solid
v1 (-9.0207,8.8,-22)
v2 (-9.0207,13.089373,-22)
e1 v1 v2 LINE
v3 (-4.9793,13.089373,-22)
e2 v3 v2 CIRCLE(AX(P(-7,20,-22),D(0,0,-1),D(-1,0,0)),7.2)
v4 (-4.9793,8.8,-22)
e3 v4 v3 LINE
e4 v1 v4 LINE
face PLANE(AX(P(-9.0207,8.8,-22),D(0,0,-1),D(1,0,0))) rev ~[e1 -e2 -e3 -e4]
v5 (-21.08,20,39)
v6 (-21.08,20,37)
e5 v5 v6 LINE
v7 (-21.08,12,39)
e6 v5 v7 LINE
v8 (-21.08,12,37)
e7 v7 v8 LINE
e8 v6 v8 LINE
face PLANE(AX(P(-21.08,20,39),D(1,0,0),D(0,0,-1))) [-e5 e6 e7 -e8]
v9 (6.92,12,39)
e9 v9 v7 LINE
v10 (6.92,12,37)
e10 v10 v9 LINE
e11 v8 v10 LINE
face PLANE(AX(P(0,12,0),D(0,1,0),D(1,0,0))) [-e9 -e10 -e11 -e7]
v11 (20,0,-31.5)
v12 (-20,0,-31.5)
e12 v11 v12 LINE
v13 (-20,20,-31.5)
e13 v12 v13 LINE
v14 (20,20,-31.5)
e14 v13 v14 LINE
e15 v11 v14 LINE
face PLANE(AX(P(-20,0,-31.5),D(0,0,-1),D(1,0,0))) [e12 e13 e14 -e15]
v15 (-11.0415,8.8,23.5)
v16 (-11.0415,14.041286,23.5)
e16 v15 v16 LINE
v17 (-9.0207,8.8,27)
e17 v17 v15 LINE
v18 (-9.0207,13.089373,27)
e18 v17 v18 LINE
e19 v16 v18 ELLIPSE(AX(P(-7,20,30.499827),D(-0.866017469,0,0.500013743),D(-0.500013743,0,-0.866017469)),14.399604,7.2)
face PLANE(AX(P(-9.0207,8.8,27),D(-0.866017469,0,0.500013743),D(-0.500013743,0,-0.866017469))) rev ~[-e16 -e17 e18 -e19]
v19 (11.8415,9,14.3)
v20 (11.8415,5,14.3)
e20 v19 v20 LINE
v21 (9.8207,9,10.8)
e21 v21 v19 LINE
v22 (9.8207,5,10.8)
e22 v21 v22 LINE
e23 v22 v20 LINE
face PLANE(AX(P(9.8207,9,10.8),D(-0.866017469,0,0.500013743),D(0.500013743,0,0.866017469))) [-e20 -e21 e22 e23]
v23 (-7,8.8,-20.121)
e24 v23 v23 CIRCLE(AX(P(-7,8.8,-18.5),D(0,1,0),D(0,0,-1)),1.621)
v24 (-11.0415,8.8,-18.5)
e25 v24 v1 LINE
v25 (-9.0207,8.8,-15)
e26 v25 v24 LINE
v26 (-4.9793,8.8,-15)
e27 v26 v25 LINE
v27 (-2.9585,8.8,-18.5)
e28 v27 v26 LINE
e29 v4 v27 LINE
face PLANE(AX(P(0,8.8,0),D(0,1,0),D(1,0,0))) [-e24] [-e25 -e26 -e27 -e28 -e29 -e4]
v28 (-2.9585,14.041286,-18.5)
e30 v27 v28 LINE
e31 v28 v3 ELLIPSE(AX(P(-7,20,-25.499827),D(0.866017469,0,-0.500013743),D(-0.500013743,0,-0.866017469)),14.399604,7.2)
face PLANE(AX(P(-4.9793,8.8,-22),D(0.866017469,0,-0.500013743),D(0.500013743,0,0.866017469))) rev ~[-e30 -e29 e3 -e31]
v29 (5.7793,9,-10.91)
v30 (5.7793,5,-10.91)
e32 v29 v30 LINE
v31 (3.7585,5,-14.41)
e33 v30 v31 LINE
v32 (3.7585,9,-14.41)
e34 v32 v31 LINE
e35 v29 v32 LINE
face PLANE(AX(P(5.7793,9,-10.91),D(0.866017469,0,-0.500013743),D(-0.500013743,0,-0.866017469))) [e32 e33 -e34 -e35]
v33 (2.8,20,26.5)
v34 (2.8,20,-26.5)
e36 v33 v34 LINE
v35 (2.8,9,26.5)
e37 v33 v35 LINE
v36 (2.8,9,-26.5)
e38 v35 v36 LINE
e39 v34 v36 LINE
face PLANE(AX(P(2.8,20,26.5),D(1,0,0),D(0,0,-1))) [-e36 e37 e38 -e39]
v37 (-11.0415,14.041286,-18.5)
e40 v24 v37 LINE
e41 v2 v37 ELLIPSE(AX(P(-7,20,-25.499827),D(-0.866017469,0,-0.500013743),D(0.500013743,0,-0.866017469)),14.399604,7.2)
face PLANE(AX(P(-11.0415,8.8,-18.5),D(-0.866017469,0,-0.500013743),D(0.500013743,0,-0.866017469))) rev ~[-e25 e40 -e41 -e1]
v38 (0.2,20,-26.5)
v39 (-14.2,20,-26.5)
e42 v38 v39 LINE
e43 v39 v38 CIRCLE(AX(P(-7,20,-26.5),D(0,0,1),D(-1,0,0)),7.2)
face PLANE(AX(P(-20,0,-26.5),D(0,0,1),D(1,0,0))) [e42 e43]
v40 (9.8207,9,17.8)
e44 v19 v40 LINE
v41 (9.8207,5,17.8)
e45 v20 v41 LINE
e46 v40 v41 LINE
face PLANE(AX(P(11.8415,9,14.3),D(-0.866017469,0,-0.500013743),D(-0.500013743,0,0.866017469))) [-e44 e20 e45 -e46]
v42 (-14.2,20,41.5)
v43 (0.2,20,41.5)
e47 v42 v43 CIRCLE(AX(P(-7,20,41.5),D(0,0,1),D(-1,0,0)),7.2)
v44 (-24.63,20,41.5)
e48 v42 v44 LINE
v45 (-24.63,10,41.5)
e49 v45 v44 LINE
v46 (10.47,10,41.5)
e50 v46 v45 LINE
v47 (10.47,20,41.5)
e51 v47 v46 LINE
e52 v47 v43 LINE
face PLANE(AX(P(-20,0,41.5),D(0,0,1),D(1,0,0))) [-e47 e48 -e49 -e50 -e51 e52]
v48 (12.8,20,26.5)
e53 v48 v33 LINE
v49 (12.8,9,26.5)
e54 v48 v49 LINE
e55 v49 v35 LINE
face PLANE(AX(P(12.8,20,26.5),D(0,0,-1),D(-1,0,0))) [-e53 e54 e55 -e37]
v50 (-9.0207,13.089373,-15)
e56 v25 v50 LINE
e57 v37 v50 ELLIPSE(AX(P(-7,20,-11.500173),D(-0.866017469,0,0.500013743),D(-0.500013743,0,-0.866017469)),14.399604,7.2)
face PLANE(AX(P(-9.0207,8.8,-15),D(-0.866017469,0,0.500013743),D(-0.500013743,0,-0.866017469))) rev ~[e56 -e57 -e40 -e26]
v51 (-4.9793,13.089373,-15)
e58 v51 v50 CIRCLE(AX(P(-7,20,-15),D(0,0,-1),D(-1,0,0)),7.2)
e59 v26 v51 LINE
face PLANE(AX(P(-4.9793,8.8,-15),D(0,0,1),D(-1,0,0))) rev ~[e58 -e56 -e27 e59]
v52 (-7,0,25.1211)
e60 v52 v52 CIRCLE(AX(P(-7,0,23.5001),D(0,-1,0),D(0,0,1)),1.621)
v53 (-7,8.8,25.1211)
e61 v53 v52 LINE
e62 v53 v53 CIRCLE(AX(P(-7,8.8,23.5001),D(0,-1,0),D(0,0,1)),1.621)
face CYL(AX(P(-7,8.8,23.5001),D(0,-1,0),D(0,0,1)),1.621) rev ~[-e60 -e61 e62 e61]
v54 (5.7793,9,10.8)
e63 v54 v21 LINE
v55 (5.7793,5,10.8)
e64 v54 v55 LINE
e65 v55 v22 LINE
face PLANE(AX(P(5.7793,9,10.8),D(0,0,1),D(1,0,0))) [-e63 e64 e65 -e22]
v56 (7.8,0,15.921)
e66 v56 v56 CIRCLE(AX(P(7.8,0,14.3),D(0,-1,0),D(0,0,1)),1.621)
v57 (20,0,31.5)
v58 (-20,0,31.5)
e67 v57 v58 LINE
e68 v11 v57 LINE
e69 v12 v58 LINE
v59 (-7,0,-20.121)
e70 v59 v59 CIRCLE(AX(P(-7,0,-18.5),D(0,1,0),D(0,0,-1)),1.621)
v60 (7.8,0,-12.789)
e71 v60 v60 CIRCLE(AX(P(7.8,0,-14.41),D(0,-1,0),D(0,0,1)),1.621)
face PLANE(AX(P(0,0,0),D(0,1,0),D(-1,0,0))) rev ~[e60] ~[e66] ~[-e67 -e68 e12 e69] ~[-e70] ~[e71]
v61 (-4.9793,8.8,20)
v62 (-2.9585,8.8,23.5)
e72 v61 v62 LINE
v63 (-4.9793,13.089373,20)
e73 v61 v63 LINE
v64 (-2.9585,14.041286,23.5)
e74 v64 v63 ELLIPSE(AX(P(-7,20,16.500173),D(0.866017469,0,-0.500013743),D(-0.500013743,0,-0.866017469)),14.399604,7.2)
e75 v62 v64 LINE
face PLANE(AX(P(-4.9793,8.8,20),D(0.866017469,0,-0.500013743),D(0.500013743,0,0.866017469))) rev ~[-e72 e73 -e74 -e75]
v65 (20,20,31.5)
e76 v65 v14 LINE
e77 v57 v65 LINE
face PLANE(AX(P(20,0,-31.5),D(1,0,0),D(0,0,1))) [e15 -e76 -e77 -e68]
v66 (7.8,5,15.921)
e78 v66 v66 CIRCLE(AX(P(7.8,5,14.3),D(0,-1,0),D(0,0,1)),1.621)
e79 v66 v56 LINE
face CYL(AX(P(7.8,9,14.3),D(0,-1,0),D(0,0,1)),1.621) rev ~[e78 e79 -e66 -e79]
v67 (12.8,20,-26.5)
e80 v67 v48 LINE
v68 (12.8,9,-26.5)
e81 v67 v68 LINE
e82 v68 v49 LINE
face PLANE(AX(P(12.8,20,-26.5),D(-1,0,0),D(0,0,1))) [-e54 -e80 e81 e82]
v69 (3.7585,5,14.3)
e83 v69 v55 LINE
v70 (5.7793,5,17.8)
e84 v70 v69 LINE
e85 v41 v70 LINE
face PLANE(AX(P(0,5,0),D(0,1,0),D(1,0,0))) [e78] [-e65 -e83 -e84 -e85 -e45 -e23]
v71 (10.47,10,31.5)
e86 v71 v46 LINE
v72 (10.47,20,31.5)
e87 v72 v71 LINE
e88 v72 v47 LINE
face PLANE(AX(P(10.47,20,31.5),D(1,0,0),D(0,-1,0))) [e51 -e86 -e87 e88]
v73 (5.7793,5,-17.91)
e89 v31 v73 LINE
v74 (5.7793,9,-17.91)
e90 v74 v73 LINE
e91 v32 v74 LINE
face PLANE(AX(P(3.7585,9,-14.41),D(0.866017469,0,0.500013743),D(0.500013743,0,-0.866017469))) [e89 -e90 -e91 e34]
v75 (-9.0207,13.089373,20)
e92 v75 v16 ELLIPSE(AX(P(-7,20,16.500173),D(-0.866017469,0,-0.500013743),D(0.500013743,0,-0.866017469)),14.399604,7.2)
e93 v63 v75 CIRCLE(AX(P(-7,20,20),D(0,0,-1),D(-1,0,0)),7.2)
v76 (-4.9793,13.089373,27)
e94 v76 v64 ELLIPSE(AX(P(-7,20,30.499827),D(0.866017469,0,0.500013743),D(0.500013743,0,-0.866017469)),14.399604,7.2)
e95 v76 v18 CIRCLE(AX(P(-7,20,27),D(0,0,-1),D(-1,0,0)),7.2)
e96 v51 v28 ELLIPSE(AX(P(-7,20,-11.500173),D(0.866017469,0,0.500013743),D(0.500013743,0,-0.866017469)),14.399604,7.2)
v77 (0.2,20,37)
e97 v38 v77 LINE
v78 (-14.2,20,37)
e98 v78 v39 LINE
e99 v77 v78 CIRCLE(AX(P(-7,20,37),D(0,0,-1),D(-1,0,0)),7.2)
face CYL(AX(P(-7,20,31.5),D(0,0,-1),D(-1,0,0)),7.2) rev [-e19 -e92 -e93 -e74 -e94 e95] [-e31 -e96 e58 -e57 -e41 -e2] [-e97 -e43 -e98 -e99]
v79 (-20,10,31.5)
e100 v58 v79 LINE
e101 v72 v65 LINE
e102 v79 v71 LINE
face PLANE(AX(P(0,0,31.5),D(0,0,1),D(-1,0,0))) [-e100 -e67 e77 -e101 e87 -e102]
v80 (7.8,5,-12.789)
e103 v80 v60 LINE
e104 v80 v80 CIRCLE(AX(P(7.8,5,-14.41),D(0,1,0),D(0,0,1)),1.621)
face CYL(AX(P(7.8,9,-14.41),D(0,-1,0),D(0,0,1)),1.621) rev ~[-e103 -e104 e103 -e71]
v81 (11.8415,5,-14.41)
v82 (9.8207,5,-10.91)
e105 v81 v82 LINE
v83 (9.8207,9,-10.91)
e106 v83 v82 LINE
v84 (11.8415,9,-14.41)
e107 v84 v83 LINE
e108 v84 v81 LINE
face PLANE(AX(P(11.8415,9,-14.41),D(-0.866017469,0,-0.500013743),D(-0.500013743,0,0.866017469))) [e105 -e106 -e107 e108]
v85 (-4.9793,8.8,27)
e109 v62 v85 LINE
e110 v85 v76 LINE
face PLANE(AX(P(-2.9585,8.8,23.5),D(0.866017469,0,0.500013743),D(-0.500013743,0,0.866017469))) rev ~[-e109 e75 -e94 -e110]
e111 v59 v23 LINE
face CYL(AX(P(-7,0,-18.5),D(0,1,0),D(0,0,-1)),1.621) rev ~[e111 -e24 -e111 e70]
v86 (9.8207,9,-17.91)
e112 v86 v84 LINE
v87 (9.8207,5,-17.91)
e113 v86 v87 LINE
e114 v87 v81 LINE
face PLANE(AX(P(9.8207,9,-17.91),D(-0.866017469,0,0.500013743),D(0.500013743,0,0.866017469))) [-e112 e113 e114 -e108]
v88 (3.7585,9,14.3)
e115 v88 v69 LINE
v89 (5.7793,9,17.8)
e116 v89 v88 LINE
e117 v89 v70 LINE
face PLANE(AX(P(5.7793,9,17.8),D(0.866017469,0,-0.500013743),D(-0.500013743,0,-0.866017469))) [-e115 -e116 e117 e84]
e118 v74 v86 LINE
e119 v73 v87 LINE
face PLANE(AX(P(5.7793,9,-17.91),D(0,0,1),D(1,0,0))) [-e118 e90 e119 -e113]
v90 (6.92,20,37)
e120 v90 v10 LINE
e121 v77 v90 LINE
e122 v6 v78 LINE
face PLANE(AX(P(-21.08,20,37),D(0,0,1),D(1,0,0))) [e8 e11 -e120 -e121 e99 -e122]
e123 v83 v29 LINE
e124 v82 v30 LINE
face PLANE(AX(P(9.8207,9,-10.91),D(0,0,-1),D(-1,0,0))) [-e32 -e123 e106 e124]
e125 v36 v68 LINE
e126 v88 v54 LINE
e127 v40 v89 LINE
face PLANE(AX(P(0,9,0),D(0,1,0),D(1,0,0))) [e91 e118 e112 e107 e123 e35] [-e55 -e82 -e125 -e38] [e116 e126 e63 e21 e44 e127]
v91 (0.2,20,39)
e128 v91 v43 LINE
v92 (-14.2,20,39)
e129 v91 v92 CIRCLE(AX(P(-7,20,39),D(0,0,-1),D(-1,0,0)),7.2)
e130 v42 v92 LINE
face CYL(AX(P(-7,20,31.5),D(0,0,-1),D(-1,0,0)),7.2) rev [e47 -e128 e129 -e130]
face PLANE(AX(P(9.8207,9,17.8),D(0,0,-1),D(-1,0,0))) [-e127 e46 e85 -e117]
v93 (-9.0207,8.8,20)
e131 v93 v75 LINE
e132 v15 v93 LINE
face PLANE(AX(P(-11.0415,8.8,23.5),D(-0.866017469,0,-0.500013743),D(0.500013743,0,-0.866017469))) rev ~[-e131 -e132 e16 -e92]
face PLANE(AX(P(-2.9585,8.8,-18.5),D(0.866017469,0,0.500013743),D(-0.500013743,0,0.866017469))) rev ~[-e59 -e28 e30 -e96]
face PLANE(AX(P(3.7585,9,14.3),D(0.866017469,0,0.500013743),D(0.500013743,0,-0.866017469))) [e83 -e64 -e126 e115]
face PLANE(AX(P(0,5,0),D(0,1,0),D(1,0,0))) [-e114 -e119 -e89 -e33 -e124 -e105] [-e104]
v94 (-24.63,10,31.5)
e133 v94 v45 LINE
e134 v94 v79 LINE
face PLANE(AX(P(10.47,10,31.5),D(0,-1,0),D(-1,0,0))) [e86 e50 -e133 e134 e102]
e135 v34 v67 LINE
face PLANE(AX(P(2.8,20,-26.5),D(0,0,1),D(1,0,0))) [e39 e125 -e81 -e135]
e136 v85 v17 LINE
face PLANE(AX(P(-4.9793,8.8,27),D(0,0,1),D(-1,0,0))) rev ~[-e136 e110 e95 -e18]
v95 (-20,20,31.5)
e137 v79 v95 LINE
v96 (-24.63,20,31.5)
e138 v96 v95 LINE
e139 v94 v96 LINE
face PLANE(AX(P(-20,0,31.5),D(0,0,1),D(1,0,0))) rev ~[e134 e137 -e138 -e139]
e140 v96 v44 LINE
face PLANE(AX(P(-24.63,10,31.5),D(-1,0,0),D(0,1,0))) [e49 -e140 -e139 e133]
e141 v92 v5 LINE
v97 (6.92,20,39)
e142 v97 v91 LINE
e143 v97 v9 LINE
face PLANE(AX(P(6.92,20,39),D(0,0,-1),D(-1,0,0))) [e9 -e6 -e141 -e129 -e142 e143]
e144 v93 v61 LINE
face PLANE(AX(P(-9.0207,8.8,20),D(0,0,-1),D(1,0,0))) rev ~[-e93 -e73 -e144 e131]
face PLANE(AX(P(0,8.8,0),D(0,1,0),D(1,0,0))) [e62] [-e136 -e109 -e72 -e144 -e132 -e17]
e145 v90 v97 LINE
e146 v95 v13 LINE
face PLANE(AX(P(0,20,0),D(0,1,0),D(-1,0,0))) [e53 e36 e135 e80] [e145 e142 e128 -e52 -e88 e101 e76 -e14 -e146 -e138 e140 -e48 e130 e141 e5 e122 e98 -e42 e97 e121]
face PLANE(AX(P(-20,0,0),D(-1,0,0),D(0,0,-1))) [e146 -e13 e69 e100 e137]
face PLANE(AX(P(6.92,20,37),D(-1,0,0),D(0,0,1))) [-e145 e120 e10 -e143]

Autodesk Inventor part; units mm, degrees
ref_plane "YZ Plane" through (0, 0, 0) normal (1, 0, 0) x (0, 1, 0)
ref_plane "XZ Plane" through (0, 0, 0) normal (0, 1, 0) x (-1, 0, 0)
ref_plane "XY Plane" through (0, 0, 0) normal (0, 0, 1) x (1, 0, 0)
sketch "Sketch1" plane through (0, 0, 0) normal (0, 1, 0) x (-1, 0, 0)
  line L0 (28, 0) -> (-28, 0) projected
  line L1 (0, -44.1) -> (0, 44.1) projected
  line L2 (-20, 31.5) -> (20, 31.5)
  line L3 (20, 31.5) -> (20, -31.5)
  line L4 (20, -31.5) -> (-20, -31.5)
  line L5 (-20, -31.5) -> (-20, 31.5)
  line L6 (-20, 31.5) -> (20, -31.5) construction
  line L7 (20, 31.5) -> (-20, -31.5) construction
  point P0 (0, 0)
  dimension "d0" = 40
  dimension "d1" = 63
extrude "Extrusion1" add sketch "Sketch1" along normal blind 20
sketch "Sketch2" plane through (0, 20, 0) normal (0, 1, 0) x (1, 0, 0)
  line L0 (20, 31.5) -> (-20, 31.5) projected
  line L1 (-20, 31.5) -> (-20, -31.5) projected
  line L2 (2.8, 26.5) -> (12.8, 26.5)
  line L3 (12.8, 26.5) -> (12.8, -26.5)
  line L4 (12.8, -26.5) -> (2.8, -26.5)
  line L5 (2.8, -26.5) -> (2.8, 26.5)
  line L6 (20, -31.5) -> (20, 31.5) projected
  dimension "d9" = 10
  dimension "d10" = 53
  dimension "d11" = 5
  dimension "d23" = 7.2
extrude "Extrusion2" cut sketch "Sketch2" against normal blind 11
sketch "Sketch3" plane through (0, 9, 0) normal (0, 1, 0) x (1, 0, 0)
  line L0 (20, -31.5) -> (20, 31.5) projected
  line L1 (12.8, 26.5) -> (12.8, -26.5) projected
  line L2 (20, 31.5) -> (-20, 31.5) projected
  point P0 (0, 0)
  point P1 (7.8, 14.41)
  point P2 (7.8, -14.3)
  dimension "d22" = 5
  dimension "d27" = 17.09
  dimension "d40" = 28.71
  dimension "d41" = 12.2
hole "Hole1" at (7.8, 9, -14.41) at (7.8, 9, 14.3) direction (0, -1, 0) diameter 3.242 end through all thread size "M4x0.7" class "6H" standard "ISO Metric profile"
sketch "Sketch5" plane through (0, 9, 0) normal (0, 1, 0) x (1, 0, 0)
  circle A0 centre (7.8, 14.41) radius 1.621 projected
  line L0 (9.8207, 10.91) -> (5.7793, 10.91)
  line L1 (5.7793, 10.91) -> (3.7585, 14.41)
  line L2 (3.7585, 14.41) -> (5.7793, 17.91)
  line L3 (5.7793, 17.91) -> (9.8207, 17.91)
  line L4 (9.8207, 17.91) -> (11.8415, 14.41)
  line L5 (11.8415, 14.41) -> (9.8207, 10.91)
  line L6 (2.8, 26.5) -> (12.8, 26.5) projected
  line L7 (12.8, -26.5) -> (2.8, -26.5) projected
  circle A1 centre (7.8, -14.3) radius 1.621 projected
  line L8 (9.8207, -17.8) -> (5.7793, -17.8)
  line L9 (5.7793, -17.8) -> (3.7585, -14.3)
  line L10 (3.7585, -14.3) -> (5.7793, -10.8)
  line L11 (5.7793, -10.8) -> (9.8207, -10.8)
  line L12 (9.8207, -10.8) -> (11.8415, -14.3)
  line L13 (11.8415, -14.3) -> (9.8207, -17.8)
  point P0 (0, 0)
  dimension "d37" = 7
  dimension "d42" = 7
extrude "Extrusion3" cut sketch "Sketch5" against normal blind 4 contours L0 L1 L2 L3 L4 L5 | A1 | L8 L9 L10 L11 L12 L13
sketch "Sketch9" plane through (-20, 0, 31.5) normal (0, 0, 1) x (1, 0, 0)
  line L0 (30.47, 20) -> (30.47, 10)
  line L1 (30.47, 10) -> (-4.63, 10)
  line L2 (-4.63, 10) -> (-4.63, 20)
  line L3 (0, 0) -> (0, 20) projected
  line L4 (40, 20) -> (0, 20) projected
  arc A0 (5.8, 20) -> (20.2, 20) centre (13, 20) ccw
  line L5 (-4.63, 20) -> (5.8, 20)
  line L6 (20.2, 20) -> (30.47, 20)
  line L7 (40, 0) -> (40, 20) projected
  line L8 (5.8, 20) -> (20.2, 20)
  point P0 (20, 0)
  point P1 (0, 10)
  dimension "d58" = 35.1
  dimension "d59" = 10
  dimension "d60" = 4.63
  dimension "d64" = 7.2
  dimension "d65" = 17.63
  dimension "d66" = 19.8
  dimension "d67" = 14.4
extrude "Extrusion6" add sketch "Sketch9" along normal blind 10 contours L0 L1 L3 L4 A0 | L1 L2 L5 L3
extrude "Extrusion7" cut sketch "Sketch9" against normal blind 58 contours A0 L4
sketch "Sketch10" plane through (0, 20, 0) normal (0, 1, 0) x (1, 0, 0)
  line L0 (-21.08, -37) -> (6.92, -37)
  line L1 (6.92, -37) -> (6.92, -39)
  line L2 (6.92, -39) -> (-21.08, -39)
  line L3 (-21.08, -39) -> (-21.08, -37)
  line L4 (0.2, -41.5) -> (-14.2, -41.5) projected
  line L5 (-24.63, -31.5) -> (-24.63, -41.5) projected
  point P0 (0, 0)
  dimension "d72" = 2
  dimension "d73" = 2.5
  dimension "d74" = 28
  dimension "d75" = 3.55
extrude "Extrusion8" cut sketch "Sketch10" against normal blind 8
sketch "Sketch13" plane through (0, 0, 0) normal (0, -1, 0) x (1, 0, 0)
  line L0 (-20, -31.5) -> (-20, 31.5) projected
  line L1 (20, -31.5) -> (-20, -31.5) projected
  point P0 (0, 0)
  point P1 (-7, -18.5)
  dimension "d89" = 13
  dimension "d90" = 13
ref_plane "Work Plane3" through (0, 8.8, 0) normal (0, 1, 0) x (1, 0, 0)
sketch "Sketch31" plane through (0, 8.8, 0) normal (0, 1, 0) x (1, 0, 0)
  line L0 (-4.9793, 15) -> (-9.0207, 15)
  line L1 (-9.0207, 15) -> (-11.0415, 18.5)
  line L2 (-11.0415, 18.5) -> (-9.0207, 22)
  line L3 (-9.0207, 22) -> (-4.9793, 22)
  line L4 (-4.9793, 22) -> (-2.9585, 18.5)
  line L5 (-2.9585, 18.5) -> (-4.9793, 15)
  line L6 (20, 31.5) -> (-20, 31.5) projected
  line L7 (-20, 31.5) -> (-20, -31.5) projected
  line L8 (-4.9793, -27) -> (-9.0207, -27)
  line L9 (-9.0207, -27) -> (-11.0415, -23.5)
  line L10 (-11.0415, -23.5) -> (-9.0207, -20)
  line L11 (-9.0207, -20) -> (-4.9793, -20)
  line L12 (-4.9793, -20) -> (-2.9585, -23.5)
  line L13 (-2.9585, -23.5) -> (-4.9793, -27)
  point P0 (0, 0)
  point P1 (-7, 18.5)
  point P2 (-7, -23.5)
  dimension "d159" = 13
  dimension "d160" = 13
  dimension "d161" = 7
  dimension "d171" = 7
  dimension "d172" = 13
  dimension "d173" = 42
extrude "Extrusion19" cut sketch "Sketch31" along normal through all
hole "Hole7" at (-7, 0, -18.5) direction (0, 1, 0) diameter 3.242 end through all thread size "M4x0.7" class "6H" standard "ISO Metric profile"
sketch "Sketch33" plane through (0, 8.8, 0) normal (0, 1, 0) x (1, 0, 0)
  line L0 (-20, 31.5) -> (-20, -31.5) projected
  line L1 (-9.0207, -20) -> (-4.9793, -20) projected
  point P0 (0, 0)
  point P1 (-7, -23.5001)
  dimension "d181" = 13
  dimension "d182" = 3.5001
hole "Hole8" at (-7, 8.8, 23.5001) direction (0, -1, 0) diameter 3.242 end through all thread size "M4x0.7" class "6H" standard "ISO Metric profile"
properties part number "uchwyt_strzykawka_srodek_proba_zapisania" material "PC/ABS Plastic"
